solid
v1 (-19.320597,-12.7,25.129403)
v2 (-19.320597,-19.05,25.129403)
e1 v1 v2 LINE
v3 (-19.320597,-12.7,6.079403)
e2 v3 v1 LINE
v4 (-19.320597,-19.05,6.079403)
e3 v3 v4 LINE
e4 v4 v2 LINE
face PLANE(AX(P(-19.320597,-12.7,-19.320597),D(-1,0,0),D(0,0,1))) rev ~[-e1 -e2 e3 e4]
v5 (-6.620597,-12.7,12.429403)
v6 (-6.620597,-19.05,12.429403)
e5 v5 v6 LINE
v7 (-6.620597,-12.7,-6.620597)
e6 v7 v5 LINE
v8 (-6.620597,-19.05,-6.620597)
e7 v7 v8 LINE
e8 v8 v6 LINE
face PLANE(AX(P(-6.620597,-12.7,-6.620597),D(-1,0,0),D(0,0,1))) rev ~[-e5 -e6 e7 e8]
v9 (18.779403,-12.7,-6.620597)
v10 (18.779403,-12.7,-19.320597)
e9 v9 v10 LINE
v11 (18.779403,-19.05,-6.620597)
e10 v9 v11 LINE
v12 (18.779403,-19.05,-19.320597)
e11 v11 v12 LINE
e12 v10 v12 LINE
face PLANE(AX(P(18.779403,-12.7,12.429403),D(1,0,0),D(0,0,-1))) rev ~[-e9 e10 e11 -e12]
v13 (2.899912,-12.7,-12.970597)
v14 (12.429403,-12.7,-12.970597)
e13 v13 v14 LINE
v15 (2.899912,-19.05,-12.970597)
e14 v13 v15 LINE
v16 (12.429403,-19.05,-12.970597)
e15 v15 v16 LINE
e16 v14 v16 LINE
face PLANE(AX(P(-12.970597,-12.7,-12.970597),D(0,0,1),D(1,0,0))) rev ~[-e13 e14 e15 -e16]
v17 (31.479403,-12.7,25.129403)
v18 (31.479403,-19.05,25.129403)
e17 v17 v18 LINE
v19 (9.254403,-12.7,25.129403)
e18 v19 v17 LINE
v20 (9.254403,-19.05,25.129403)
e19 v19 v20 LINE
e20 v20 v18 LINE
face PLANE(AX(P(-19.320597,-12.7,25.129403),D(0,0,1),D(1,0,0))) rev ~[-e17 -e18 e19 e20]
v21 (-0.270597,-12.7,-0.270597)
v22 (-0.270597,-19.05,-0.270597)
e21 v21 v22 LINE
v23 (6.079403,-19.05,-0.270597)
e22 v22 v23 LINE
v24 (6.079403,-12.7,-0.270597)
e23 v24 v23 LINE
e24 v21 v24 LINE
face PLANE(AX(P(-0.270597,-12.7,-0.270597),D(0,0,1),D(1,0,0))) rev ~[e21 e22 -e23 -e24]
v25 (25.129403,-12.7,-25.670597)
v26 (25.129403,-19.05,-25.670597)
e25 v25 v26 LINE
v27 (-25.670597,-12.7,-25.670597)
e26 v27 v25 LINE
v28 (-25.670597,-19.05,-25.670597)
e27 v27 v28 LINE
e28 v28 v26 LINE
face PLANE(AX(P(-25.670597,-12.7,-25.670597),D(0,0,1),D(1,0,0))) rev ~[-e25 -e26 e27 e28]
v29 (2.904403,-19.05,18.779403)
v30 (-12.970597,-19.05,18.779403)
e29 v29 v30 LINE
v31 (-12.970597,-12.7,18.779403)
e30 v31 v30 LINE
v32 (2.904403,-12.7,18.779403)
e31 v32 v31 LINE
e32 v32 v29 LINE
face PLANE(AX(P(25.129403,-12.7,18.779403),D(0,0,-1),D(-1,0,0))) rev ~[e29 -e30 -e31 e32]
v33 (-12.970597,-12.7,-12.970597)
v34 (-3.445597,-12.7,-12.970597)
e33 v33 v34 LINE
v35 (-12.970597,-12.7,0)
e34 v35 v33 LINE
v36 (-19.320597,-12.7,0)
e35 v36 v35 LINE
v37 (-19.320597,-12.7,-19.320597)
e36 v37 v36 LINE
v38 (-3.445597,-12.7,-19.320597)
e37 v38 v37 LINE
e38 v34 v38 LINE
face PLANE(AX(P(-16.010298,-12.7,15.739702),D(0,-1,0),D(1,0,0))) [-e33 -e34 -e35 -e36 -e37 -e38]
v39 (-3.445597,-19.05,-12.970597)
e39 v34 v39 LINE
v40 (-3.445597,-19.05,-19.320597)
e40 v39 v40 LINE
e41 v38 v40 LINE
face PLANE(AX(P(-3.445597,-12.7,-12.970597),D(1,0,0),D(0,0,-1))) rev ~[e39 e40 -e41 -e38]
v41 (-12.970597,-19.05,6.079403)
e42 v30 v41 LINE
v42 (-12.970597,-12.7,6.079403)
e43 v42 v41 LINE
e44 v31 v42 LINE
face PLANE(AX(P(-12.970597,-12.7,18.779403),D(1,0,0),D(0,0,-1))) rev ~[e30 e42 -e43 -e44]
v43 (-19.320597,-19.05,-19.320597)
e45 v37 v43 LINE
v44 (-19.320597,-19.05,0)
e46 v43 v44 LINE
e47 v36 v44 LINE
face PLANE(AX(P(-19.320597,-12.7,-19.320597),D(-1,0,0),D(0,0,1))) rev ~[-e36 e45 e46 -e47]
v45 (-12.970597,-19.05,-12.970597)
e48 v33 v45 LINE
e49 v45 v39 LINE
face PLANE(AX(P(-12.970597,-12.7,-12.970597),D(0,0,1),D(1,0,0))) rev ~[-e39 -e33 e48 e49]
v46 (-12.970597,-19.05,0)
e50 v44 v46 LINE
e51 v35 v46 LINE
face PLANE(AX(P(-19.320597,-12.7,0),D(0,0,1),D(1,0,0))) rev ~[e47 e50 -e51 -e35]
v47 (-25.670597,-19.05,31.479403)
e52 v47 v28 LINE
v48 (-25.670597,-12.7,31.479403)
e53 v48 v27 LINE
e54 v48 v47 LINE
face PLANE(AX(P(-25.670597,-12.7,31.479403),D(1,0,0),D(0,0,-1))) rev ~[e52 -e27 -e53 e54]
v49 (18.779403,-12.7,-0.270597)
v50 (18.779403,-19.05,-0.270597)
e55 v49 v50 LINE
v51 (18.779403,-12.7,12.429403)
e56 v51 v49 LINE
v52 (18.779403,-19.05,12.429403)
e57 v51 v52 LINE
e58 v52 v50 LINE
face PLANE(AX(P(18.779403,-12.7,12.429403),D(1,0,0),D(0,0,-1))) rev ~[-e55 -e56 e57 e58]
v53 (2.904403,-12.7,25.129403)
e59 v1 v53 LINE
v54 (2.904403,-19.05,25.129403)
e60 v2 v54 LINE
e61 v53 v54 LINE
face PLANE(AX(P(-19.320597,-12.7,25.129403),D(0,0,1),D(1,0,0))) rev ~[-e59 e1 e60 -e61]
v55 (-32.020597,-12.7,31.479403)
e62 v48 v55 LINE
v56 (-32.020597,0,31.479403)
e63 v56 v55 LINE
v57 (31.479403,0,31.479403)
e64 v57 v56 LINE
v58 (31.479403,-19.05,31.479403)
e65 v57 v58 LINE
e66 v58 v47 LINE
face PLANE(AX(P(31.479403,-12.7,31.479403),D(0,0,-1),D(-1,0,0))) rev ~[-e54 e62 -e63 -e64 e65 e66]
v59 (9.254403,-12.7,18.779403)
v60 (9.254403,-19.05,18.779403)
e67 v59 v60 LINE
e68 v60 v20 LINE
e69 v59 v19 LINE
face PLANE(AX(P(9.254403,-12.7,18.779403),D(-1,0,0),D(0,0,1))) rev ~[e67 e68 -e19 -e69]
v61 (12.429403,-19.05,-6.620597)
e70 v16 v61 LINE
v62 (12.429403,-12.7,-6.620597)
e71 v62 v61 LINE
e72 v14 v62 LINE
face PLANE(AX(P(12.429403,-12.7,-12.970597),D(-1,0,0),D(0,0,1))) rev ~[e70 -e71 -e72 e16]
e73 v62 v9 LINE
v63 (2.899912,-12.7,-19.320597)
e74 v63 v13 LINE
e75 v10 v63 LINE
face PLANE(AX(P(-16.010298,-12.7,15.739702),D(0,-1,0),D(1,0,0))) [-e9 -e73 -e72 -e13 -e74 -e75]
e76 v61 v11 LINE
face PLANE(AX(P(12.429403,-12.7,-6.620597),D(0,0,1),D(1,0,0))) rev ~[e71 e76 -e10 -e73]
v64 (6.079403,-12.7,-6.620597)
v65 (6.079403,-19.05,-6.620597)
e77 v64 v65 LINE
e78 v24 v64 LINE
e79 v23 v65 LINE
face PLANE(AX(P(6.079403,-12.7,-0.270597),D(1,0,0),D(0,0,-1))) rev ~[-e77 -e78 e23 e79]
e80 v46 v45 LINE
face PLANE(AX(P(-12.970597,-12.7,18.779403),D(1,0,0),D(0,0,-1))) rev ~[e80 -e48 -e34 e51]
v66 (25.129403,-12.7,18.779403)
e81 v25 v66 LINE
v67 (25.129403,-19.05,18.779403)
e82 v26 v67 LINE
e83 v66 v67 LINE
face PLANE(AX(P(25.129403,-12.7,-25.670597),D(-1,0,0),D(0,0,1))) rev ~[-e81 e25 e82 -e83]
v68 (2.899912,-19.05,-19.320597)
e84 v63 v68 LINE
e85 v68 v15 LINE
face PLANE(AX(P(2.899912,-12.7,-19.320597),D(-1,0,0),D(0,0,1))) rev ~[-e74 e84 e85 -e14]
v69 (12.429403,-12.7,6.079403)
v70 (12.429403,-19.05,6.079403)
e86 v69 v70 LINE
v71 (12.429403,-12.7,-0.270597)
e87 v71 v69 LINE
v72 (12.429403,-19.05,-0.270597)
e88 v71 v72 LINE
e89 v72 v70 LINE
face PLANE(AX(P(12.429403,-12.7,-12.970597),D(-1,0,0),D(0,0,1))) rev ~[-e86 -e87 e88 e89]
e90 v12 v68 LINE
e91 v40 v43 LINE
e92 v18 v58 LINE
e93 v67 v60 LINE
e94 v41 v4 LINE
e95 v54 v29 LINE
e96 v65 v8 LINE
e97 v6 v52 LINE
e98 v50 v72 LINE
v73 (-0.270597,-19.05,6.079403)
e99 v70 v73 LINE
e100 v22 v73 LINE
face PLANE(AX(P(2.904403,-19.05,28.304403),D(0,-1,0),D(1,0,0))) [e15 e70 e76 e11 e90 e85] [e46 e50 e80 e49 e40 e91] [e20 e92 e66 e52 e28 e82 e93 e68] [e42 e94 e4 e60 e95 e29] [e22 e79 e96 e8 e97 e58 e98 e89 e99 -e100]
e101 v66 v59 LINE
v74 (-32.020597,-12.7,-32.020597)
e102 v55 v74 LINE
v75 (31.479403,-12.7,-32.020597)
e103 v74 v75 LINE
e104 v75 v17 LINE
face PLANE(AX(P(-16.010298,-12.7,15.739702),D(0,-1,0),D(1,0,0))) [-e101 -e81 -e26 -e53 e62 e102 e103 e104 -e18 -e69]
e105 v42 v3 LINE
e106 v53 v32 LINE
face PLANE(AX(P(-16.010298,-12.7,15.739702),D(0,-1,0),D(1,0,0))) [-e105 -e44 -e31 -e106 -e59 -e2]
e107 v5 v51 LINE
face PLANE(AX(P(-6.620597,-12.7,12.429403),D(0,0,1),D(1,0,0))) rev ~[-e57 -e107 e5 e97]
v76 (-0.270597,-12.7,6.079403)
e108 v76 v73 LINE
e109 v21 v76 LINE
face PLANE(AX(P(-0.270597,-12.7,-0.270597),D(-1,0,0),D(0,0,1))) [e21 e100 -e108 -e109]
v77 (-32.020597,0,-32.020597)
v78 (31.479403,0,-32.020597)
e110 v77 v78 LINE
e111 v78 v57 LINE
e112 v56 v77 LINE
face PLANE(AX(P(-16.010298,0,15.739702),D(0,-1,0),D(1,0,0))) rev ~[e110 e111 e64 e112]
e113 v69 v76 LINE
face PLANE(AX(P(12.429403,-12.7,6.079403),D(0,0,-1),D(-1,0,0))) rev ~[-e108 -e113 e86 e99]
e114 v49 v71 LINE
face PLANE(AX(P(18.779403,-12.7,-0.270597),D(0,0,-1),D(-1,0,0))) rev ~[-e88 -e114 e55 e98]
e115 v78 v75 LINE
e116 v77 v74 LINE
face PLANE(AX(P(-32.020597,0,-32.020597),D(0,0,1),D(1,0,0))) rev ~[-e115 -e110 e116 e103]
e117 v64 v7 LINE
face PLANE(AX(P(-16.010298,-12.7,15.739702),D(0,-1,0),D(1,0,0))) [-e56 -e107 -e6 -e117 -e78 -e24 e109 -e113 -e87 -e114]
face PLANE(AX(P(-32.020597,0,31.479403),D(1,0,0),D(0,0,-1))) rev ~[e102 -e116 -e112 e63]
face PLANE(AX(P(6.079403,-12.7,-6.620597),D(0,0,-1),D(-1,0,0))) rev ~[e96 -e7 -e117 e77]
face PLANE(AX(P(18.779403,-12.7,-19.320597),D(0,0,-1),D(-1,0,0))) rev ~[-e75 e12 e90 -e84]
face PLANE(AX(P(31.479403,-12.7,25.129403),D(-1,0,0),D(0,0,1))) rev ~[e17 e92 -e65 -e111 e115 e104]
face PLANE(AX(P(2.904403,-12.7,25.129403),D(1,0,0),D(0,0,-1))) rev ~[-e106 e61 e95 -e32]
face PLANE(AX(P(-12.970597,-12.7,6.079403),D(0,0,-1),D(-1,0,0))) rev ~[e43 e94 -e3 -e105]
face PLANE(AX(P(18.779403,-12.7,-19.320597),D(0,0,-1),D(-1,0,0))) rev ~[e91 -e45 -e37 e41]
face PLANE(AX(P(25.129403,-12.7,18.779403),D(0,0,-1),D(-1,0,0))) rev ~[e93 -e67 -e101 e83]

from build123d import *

# Parameters (mm, degrees)
F0_W     = 32.0205967701
F0_H     = 31.4794032299
F1_DEPTH = 12.7
F2_W     = 6.35
F2_H     = 6.35
F3_DEPTH = 6.35
F5_DEPTH = 6.35


with BuildPart() as f1:
    # F0 (on Front) → F1 (new body)
    with BuildSketch(Plane.XZ):
        with Locations((-16.0102983851, 15.7397016149)):
            Rectangle(F0_W, F0_H)
        Polygon((0, 31.4794032299), (0, 0), (-32.0205967701, 0), (-32.0205967701, -32.0205967701), (31.4794032299, -32.0205967701), (31.4794032299, 31.4794032299), align=None)
    extrude(amount=F1_DEPTH)

    # F2 (on face) → F3 (join)
    with BuildSketch(Plane.XZ.offset(12.7)):
        Polygon((31.4794032299, 25.1294032299), (31.4794032299, 31.4794032299), (-25.6705967701, 31.4794032299), (-25.6705967701, 25.1294032299), (-19.3205967701, 25.1294032299), align=None)
        Polygon((-19.3205967701, -19.3205967701), (-19.3205967701, 25.1294032299), (-25.6705967701, 25.1294032299), (-25.6705967701, -25.6705967701), (-19.3205967701, -25.6705967701), align=None)
        Polygon((18.7794032299, -19.3205967701), (-19.3205967701, -19.3205967701), (-19.3205967701, -25.6705967701), (25.1294032299, -25.6705967701), (25.1294032299, -19.3205967701), align=None)
        Polygon((18.7794032299, 12.4294032299), (18.7794032299, -19.3205967701), (25.1294032299, -19.3205967701), (25.1294032299, 18.7794032299), (18.7794032299, 18.7794032299), align=None)
        Polygon((-6.6205967701, 12.4294032299), (18.7794032299, 12.4294032299), (18.7794032299, 18.7794032299), (-12.9705967701, 18.7794032299), (-12.9705967701, 12.4294032299), align=None)
        Polygon((-6.6205967701, -6.6205967701), (-6.6205967701, 12.4294032299), (-12.9705967701, 12.4294032299), (-12.9705967701, -12.9705967701), (-6.6205967701, -12.9705967701), align=None)
        Polygon((6.0794032299, -6.6205967701), (-6.6205967701, -6.6205967701), (-6.6205967701, -12.9705967701), (12.4294032299, -12.9705967701), (12.4294032299, -6.6205967701), align=None)
        Polygon((6.0794032299, -0.2705967701), (6.0794032299, -6.6205967701), (12.4294032299, -6.6205967701), (12.4294032299, 6.0794032299), (6.0794032299, 6.0794032299), align=None)
        with Locations((2.9044032299, 2.9044032299)):
            Rectangle(F2_W, F2_H)
    extrude(amount=F3_DEPTH)

    # F4 (on face) → F5 (join)
    with BuildSketch(Plane.XZ.offset(12.7)):
        Polygon((2.9044032299, 18.7794032299), (6.0794032299, 18.7794032299), (9.2544032299, 18.7794032299), (9.2544032299, 25.1294032299), (2.9044032299, 25.1294032299), align=None)
        Polygon((-12.9705967701, 2.9044032299), (-12.9705967701, 6.0794032299), (-19.3205967701, 6.0794032299), (-19.3205967701, 0), (-12.9705967701, 0), align=None)
        Polygon((-3.4455967701, -12.9705967701), (-3.4455967701, -19.3205967701), (2.8999124188, -19.3205967701), (2.8999124188, -12.9705967701), (-0.2705967701, -12.9705967701), align=None)
        Polygon((12.4294032299, -6.6205967701), (18.7794032299, -6.6205967701), (18.7794032299, -0.2705967701), (12.4294032299, -0.2705967701), (12.4294032299, -3.4455967701), align=None)
    extrude(amount=F5_DEPTH)


solid = f1.part
